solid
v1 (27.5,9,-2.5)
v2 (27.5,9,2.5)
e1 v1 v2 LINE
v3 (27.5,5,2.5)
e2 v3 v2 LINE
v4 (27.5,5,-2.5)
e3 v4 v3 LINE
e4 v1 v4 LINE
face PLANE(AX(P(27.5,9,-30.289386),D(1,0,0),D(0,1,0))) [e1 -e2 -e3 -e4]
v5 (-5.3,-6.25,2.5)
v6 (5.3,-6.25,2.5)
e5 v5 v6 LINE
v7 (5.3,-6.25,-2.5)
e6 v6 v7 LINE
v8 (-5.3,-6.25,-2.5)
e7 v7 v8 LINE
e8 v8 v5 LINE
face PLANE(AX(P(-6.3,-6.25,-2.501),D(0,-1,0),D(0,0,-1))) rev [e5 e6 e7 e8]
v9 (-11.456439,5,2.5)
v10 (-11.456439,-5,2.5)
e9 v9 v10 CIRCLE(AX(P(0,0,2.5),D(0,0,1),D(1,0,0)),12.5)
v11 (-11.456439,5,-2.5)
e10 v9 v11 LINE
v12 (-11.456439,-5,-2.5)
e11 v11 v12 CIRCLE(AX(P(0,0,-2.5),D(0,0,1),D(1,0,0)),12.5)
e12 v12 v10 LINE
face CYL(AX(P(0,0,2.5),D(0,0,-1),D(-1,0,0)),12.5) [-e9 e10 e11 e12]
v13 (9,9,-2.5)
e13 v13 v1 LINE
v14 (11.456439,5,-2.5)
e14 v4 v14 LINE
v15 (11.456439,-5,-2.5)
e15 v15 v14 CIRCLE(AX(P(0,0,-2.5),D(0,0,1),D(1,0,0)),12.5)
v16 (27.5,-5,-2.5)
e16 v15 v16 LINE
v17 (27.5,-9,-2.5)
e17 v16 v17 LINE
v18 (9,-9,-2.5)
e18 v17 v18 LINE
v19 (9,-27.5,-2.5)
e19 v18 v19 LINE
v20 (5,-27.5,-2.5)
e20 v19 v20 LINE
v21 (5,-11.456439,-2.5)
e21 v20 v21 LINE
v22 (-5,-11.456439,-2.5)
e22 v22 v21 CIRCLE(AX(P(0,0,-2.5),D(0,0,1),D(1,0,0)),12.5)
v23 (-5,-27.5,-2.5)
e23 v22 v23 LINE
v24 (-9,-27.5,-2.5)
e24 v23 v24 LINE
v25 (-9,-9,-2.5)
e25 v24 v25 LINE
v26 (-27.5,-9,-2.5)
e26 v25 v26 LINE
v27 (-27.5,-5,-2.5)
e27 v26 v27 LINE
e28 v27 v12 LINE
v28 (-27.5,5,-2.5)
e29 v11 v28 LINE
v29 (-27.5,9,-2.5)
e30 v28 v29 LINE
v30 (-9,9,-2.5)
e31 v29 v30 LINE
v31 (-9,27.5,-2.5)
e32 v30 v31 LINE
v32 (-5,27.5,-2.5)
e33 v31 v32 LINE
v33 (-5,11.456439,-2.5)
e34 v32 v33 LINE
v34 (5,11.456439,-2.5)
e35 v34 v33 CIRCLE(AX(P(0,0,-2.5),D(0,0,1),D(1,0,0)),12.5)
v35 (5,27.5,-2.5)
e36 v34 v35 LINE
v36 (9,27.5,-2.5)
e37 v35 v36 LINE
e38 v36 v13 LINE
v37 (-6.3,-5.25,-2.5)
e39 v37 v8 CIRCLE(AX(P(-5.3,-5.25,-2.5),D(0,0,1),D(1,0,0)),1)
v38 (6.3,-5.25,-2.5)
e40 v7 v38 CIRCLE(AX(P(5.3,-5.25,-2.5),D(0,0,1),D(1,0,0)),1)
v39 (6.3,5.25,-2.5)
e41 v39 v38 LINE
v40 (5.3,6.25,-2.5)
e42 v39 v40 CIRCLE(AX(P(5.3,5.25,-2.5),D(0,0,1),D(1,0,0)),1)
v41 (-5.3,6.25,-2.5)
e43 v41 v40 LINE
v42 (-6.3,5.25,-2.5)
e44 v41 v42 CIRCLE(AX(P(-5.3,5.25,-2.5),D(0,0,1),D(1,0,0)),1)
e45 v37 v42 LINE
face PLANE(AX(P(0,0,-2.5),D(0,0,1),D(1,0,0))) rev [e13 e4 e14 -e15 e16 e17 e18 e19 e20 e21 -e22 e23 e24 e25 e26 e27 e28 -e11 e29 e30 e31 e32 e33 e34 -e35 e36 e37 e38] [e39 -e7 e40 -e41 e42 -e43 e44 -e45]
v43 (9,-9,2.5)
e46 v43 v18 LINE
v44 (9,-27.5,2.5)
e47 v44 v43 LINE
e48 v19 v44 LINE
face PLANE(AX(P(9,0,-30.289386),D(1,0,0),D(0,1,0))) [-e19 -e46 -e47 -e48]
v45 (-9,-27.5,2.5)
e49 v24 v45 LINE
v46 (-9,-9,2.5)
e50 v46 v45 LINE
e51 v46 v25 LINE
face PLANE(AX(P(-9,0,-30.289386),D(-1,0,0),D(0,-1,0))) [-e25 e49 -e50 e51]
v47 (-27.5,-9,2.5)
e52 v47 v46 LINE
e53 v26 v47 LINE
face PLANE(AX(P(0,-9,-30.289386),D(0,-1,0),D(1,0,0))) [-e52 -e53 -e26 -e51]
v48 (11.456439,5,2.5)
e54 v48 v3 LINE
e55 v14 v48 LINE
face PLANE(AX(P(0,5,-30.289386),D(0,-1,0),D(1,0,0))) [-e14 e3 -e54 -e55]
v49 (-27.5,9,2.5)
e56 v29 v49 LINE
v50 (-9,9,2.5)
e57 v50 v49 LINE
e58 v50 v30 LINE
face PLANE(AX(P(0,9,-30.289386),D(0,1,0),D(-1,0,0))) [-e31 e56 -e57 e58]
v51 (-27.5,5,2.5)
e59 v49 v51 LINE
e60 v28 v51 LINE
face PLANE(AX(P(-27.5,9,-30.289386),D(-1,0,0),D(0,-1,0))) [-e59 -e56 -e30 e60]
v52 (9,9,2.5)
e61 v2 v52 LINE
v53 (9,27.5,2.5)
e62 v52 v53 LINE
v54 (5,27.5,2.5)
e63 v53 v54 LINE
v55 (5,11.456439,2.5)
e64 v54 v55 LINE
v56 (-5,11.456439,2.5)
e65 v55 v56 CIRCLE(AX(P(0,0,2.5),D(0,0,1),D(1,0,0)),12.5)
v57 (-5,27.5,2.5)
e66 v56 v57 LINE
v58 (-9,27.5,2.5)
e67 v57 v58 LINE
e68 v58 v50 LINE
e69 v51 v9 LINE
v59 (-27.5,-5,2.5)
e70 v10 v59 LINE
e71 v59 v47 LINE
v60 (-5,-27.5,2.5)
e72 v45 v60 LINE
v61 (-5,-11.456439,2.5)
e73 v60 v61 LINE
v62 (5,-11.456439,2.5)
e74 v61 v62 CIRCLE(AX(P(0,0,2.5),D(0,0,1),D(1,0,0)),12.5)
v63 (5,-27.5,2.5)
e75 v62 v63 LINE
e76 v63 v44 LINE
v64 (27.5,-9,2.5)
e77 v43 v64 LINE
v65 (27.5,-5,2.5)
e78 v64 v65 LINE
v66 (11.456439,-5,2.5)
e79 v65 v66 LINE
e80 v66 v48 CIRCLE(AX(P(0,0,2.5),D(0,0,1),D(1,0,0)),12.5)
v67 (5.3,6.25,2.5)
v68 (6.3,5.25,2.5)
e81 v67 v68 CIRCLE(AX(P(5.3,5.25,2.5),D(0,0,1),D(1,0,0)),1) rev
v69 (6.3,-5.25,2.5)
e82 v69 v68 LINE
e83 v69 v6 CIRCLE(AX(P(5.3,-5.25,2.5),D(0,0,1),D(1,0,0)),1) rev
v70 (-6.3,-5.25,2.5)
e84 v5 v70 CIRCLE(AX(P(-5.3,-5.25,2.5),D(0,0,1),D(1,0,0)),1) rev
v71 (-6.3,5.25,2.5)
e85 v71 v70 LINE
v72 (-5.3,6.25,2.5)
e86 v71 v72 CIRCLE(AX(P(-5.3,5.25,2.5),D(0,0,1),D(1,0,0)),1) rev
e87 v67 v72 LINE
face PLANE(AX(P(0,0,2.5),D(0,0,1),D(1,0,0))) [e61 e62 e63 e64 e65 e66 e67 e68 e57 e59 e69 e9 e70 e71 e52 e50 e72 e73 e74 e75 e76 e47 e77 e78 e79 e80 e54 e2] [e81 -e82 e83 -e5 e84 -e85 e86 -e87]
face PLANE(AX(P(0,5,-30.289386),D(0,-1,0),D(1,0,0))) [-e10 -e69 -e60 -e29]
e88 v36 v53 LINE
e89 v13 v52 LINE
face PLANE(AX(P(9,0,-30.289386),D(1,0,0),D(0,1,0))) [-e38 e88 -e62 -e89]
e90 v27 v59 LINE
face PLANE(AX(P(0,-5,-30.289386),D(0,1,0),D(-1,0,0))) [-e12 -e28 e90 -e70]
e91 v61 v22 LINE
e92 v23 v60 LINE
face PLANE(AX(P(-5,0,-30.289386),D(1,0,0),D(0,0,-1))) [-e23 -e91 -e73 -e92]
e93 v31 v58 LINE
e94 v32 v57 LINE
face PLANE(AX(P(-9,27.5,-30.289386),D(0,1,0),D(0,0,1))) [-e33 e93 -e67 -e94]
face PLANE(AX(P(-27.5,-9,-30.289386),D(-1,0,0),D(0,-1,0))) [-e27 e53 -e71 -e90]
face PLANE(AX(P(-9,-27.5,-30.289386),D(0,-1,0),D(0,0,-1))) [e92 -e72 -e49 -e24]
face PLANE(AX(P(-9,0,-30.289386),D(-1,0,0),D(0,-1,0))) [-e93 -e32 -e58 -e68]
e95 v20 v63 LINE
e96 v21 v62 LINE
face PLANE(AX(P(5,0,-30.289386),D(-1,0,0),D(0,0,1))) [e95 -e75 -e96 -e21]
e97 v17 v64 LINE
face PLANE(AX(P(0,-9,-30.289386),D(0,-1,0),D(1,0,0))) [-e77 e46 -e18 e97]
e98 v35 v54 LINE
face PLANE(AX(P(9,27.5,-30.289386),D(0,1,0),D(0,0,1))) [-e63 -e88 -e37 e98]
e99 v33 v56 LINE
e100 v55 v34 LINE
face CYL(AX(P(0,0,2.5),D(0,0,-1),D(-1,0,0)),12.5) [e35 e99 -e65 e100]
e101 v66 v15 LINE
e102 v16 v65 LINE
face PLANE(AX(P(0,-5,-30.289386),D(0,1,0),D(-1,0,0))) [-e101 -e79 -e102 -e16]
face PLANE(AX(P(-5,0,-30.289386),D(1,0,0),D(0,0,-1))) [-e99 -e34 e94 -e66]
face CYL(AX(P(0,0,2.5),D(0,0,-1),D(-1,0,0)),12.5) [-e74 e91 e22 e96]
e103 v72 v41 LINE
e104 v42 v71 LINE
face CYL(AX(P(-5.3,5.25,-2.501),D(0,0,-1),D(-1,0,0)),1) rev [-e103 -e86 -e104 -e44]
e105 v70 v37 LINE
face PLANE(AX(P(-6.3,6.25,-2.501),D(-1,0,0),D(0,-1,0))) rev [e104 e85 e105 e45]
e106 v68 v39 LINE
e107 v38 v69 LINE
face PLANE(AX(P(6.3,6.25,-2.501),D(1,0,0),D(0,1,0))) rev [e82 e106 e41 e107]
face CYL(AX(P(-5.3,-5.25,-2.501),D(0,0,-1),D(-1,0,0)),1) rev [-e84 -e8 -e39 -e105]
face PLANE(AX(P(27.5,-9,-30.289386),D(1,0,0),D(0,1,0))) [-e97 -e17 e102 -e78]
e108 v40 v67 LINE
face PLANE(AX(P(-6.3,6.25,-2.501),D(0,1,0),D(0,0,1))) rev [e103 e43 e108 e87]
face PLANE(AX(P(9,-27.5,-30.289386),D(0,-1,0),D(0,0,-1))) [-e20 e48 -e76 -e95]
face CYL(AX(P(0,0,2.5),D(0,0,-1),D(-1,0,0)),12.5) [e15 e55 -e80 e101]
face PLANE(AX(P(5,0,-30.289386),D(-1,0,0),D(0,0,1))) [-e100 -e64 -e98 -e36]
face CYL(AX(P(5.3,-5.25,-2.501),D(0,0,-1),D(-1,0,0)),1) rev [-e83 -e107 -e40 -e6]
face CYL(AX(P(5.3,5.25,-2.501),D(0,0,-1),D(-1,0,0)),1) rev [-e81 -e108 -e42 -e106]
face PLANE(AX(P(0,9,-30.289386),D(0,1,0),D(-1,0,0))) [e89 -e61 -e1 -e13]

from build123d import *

# Parameters (mm, degrees)
SKETCH1_R           = 12.5
BOSS_EXTRUDE1_DEPTH = 2.5
SKETCH4_W           = 4
SKETCH4_H           = 27.5
BOSS_EXTRUDE3_DEPTH = 5
CIRPATTERN7_COUNT   = 4
CUT_EXTRUDE3_REACH  = 41.211
SKETCH8_W           = 12.6
SKETCH8_H           = 12.5
FILLET1_R           = 1


with BuildPart() as part:
    # Sketch1 → Boss-Extrude1 (new, symmetric)
    with BuildSketch(Plane.XY):
        Circle(SKETCH1_R)
    extrude(amount=BOSS_EXTRUDE1_DEPTH, both=True)

    # Sketch4 → Boss-Extrude3 (add)
    with BuildSketch(Plane.XY.offset(2.5)):
        with Locations((-7, 13.75)):
            Rectangle(SKETCH4_W, SKETCH4_H)
        with Locations((7, 13.75)):
            Rectangle(SKETCH4_W, SKETCH4_H)
    boss_extrude3 = extrude(amount=-BOSS_EXTRUDE3_DEPTH)

    # CirPattern7: Boss-Extrude3 ×4 about axis
    cirpattern7_axis = Axis((0, 0, 0), (0, 0, 1))
    for i in range(1, CIRPATTERN7_COUNT):
        add(boss_extrude3.rotate(cirpattern7_axis, i * 360 / CIRPATTERN7_COUNT))

    # Sketch8 → Cut-Extrude3 (cut, up to next)
    with BuildSketch(Plane.XY.offset(2.5), mode=Mode.PRIVATE) as cut_extrude3_sk1:
        Rectangle(SKETCH8_W, SKETCH8_H)
    cut_extrude3_tool1 = extrude(cut_extrude3_sk1.sketch, amount=-CUT_EXTRUDE3_REACH, mode=Mode.PRIVATE) & part.part
    add(cut_extrude3_tool1.solids().sort_by_distance((0, 0, 2.5))[0], mode=Mode.SUBTRACT)

    # Fillet1
    fillet1_edges = [part.edges().sort_by_distance(p)[0] for p in [
        (6.3, 6.25, 0),
        (6.3, -6.25, 0),
        (-6.3, -6.25, 0),
        (-6.3, 6.25, 0),
    ]]
    fillet(fillet1_edges, radius=FILLET1_R)


solid = part.part
